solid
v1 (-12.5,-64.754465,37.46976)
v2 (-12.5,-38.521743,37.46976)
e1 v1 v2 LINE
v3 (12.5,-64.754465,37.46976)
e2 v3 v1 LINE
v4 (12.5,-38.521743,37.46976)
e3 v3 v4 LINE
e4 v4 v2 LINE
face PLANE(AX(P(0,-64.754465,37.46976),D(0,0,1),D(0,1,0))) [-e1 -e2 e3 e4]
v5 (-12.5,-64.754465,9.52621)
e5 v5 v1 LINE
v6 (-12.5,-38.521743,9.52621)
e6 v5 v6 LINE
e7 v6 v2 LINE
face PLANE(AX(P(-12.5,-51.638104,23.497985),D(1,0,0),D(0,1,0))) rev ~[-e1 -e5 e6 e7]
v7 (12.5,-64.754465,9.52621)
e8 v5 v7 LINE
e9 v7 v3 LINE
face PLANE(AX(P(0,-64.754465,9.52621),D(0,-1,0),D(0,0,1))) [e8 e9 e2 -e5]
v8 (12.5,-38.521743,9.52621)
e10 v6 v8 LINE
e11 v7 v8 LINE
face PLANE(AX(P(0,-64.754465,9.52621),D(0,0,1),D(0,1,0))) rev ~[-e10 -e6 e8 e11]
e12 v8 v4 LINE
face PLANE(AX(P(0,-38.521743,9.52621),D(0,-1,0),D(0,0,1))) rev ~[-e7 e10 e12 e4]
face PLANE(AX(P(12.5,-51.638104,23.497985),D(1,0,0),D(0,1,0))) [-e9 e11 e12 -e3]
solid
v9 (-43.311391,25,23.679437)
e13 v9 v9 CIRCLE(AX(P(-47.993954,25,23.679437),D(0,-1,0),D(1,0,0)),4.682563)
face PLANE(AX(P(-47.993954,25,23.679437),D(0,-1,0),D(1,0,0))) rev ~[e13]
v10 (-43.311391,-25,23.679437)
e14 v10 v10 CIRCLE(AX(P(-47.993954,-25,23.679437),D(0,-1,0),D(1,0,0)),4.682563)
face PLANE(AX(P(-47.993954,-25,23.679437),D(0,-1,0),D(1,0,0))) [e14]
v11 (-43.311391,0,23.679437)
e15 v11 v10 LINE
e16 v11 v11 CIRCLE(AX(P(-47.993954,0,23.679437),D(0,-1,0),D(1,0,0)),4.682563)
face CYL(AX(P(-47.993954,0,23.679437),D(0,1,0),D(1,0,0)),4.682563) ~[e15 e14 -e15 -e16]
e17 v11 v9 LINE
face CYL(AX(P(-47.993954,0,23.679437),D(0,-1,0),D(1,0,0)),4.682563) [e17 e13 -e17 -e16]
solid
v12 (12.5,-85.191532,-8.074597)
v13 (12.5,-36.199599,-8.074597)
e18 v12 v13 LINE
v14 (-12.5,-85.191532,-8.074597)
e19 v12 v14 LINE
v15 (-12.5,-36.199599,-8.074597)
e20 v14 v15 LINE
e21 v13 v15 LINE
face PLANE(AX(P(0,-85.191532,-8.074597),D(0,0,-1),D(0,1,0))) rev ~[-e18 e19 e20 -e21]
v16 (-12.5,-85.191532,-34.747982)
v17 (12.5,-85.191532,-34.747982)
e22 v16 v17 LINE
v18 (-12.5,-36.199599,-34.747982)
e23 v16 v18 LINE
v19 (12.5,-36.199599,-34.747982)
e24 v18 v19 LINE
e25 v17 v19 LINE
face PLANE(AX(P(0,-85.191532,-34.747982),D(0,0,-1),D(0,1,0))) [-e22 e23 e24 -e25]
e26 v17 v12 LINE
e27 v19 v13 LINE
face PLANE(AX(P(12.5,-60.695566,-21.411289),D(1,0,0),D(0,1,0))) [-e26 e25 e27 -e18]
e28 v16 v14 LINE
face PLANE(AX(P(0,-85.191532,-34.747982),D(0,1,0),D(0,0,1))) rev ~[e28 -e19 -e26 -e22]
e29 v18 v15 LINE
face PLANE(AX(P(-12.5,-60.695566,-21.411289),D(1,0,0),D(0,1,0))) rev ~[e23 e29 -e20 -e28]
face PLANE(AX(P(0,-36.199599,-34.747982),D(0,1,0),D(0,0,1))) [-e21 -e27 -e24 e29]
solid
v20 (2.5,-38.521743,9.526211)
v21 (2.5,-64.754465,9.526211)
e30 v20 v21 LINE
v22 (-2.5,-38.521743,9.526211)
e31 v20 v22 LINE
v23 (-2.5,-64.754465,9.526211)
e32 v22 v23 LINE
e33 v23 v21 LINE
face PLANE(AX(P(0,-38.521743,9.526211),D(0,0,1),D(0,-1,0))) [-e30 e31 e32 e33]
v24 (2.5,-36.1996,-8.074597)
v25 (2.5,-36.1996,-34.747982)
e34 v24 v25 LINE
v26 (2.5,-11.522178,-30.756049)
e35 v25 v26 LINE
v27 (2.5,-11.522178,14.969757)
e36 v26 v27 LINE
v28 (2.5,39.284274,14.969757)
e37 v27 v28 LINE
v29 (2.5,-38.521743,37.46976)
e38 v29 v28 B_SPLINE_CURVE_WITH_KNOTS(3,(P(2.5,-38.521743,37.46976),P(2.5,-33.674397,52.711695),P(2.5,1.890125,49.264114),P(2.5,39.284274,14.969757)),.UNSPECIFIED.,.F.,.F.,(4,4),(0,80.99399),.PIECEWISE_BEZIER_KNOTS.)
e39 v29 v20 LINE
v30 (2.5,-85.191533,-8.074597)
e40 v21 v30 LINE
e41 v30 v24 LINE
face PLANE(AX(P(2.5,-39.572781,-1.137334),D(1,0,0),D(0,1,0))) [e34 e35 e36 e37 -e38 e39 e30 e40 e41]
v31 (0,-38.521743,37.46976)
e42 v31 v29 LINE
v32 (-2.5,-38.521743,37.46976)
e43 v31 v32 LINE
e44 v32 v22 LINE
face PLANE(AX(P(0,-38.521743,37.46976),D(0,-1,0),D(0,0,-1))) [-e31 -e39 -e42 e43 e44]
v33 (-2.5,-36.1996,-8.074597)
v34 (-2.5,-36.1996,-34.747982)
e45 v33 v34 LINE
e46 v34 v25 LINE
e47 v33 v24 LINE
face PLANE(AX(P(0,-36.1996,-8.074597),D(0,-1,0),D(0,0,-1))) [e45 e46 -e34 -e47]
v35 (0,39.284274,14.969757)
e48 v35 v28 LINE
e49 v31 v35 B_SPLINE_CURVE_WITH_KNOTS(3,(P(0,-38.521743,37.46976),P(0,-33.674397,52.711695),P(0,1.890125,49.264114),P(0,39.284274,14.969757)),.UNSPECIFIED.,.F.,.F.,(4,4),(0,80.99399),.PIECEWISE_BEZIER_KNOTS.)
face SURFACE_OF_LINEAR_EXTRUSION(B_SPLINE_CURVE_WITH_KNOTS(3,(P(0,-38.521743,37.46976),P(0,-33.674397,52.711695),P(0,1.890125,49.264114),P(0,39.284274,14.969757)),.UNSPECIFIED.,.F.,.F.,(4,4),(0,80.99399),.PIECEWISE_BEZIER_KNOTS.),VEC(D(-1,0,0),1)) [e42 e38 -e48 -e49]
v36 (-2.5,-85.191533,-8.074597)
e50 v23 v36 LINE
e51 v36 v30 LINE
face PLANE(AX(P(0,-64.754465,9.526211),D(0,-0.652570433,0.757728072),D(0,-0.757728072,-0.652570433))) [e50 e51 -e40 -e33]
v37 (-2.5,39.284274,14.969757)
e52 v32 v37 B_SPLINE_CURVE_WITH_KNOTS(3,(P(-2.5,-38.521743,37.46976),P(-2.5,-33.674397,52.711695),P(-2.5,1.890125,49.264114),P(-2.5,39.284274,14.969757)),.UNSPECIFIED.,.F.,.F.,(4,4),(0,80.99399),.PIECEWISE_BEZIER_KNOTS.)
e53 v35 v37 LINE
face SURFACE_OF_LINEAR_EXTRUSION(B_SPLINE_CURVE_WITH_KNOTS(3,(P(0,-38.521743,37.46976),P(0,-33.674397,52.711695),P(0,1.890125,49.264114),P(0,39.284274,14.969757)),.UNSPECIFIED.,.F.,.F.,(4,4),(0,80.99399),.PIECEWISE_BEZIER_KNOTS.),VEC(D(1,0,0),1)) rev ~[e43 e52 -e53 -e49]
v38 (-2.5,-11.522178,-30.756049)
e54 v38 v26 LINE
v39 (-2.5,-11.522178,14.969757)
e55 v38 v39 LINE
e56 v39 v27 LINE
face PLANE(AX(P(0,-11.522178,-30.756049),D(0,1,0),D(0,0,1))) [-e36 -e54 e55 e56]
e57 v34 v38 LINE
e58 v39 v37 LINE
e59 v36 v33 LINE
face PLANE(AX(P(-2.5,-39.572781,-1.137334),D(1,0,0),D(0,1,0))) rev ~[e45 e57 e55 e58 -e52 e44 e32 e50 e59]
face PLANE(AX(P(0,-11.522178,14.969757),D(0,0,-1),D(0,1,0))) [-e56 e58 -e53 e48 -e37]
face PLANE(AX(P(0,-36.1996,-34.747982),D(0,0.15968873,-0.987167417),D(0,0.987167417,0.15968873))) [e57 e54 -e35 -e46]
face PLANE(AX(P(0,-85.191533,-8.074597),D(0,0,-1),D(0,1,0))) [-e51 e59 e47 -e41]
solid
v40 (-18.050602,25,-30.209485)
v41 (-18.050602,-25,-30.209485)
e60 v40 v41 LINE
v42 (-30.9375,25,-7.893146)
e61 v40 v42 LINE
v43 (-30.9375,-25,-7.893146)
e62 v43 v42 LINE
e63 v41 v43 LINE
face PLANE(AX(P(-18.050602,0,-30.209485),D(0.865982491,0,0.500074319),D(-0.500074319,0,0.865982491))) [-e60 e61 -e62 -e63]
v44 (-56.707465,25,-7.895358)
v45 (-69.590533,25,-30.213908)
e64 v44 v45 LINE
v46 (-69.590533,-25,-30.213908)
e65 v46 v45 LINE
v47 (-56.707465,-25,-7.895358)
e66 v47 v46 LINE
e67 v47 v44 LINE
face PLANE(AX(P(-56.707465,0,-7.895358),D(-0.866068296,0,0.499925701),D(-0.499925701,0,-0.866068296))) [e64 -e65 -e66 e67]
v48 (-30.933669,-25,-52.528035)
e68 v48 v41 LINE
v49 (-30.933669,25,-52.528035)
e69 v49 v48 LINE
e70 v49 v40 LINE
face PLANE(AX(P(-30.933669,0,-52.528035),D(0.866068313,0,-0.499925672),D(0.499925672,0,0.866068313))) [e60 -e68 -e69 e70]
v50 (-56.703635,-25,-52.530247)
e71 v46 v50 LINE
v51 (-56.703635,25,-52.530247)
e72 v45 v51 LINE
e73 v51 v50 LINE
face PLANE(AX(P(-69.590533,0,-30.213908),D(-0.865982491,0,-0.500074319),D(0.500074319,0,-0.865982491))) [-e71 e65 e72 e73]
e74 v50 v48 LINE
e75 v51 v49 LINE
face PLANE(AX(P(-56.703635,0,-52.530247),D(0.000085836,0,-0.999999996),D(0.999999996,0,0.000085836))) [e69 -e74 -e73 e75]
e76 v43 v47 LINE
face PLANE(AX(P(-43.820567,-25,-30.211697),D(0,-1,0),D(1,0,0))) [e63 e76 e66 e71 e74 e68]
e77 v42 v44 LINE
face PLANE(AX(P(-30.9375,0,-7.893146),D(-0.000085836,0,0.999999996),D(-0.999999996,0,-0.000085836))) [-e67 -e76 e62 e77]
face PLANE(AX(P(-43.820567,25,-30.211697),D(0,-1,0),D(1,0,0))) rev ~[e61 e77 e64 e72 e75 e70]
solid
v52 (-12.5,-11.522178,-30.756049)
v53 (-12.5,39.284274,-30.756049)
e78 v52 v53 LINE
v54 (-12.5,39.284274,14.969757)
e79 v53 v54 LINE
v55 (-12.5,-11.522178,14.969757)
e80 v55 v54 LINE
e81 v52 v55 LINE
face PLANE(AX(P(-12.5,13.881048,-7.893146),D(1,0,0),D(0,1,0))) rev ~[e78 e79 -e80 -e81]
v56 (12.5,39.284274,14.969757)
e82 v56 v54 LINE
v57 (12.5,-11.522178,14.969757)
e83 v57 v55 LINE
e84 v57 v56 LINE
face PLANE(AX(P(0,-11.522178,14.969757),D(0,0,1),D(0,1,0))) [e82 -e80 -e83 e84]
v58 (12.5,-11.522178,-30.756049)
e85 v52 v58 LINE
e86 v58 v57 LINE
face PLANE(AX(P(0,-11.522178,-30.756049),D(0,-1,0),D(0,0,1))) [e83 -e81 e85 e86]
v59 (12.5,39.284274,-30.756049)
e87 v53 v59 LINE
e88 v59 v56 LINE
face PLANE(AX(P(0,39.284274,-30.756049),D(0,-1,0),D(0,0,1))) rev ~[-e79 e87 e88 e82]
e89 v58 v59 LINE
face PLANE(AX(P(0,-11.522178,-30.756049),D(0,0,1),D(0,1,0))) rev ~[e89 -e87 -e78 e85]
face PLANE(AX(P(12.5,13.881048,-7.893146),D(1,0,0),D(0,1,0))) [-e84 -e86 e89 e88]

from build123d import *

# Parameters (mm, degrees)
F0_W     = 26.232722
F0_H     = 27.943549
F0_W_2   = 50.806452
F0_H_2   = 45.725806
F0_W_3   = 48.991933
F0_H_3   = 26.673385
F1_DEPTH = 12.5
F2_DEPTH = 2.5
F3_R     = 4.682563
F4_DEPTH = 25


with BuildPart() as f1:
    # F0 (on Right) → F1 (new body, symmetric)
    with BuildSketch(Plane.YZ):
        with Locations((-51.638104, 23.497985)):
            Rectangle(F0_W, F0_H)
        with Locations((13.881048, -7.893146)):
            Rectangle(F0_W_2, F0_H_2)
        with Locations((-60.695566, -21.411289)):
            Rectangle(F0_W_3, F0_H_3)
    extrude(amount=F1_DEPTH, both=True)


with BuildPart() as f2:
    # F0 (on Right) → F2 (new body, symmetric)
    with BuildSketch(Plane.YZ):
        Polygon((-38.521743, 9.526211), (-64.754465, 9.526211), (-85.191533, -8.074597), (-36.1996, -8.074597), (-36.1996, -34.747982), (-11.522178, -30.756049), (-11.522178, 14.969757), (-38.521743, 37.46976), align=None)
        with BuildLine():
            add(Edge.make_bspline(
                [(-38.521743, 37.46976), (-33.674397, 52.711695), (1.890125, 49.264114), (39.284274, 14.969757)],
                knots=[0, 0, 0, 0, 80.99399, 80.99399, 80.99399, 80.99399], degree=3))
            Line((-38.521743, 37.46976), (-11.522178, 14.969757))
            Line((-11.522178, 14.969757), (39.284274, 14.969757))
        make_face()
    extrude(amount=F2_DEPTH, both=True)


with BuildPart() as f4:
    # F3 (on Front) → F4 (new body, symmetric)
    with BuildSketch(Plane.XZ):
        with Locations((-47.993954, 23.679437)):
            Circle(F3_R)
        Polygon((-69.590533, -30.213908), (-56.703635, -52.530247), (-30.933669, -52.528035), (-18.050602, -30.209485), (-30.9375, -7.893146), (-56.707465, -7.895358), align=None)
    extrude(amount=F4_DEPTH, both=True)


solid = Compound([f1.part, f2.part, f4.part])
